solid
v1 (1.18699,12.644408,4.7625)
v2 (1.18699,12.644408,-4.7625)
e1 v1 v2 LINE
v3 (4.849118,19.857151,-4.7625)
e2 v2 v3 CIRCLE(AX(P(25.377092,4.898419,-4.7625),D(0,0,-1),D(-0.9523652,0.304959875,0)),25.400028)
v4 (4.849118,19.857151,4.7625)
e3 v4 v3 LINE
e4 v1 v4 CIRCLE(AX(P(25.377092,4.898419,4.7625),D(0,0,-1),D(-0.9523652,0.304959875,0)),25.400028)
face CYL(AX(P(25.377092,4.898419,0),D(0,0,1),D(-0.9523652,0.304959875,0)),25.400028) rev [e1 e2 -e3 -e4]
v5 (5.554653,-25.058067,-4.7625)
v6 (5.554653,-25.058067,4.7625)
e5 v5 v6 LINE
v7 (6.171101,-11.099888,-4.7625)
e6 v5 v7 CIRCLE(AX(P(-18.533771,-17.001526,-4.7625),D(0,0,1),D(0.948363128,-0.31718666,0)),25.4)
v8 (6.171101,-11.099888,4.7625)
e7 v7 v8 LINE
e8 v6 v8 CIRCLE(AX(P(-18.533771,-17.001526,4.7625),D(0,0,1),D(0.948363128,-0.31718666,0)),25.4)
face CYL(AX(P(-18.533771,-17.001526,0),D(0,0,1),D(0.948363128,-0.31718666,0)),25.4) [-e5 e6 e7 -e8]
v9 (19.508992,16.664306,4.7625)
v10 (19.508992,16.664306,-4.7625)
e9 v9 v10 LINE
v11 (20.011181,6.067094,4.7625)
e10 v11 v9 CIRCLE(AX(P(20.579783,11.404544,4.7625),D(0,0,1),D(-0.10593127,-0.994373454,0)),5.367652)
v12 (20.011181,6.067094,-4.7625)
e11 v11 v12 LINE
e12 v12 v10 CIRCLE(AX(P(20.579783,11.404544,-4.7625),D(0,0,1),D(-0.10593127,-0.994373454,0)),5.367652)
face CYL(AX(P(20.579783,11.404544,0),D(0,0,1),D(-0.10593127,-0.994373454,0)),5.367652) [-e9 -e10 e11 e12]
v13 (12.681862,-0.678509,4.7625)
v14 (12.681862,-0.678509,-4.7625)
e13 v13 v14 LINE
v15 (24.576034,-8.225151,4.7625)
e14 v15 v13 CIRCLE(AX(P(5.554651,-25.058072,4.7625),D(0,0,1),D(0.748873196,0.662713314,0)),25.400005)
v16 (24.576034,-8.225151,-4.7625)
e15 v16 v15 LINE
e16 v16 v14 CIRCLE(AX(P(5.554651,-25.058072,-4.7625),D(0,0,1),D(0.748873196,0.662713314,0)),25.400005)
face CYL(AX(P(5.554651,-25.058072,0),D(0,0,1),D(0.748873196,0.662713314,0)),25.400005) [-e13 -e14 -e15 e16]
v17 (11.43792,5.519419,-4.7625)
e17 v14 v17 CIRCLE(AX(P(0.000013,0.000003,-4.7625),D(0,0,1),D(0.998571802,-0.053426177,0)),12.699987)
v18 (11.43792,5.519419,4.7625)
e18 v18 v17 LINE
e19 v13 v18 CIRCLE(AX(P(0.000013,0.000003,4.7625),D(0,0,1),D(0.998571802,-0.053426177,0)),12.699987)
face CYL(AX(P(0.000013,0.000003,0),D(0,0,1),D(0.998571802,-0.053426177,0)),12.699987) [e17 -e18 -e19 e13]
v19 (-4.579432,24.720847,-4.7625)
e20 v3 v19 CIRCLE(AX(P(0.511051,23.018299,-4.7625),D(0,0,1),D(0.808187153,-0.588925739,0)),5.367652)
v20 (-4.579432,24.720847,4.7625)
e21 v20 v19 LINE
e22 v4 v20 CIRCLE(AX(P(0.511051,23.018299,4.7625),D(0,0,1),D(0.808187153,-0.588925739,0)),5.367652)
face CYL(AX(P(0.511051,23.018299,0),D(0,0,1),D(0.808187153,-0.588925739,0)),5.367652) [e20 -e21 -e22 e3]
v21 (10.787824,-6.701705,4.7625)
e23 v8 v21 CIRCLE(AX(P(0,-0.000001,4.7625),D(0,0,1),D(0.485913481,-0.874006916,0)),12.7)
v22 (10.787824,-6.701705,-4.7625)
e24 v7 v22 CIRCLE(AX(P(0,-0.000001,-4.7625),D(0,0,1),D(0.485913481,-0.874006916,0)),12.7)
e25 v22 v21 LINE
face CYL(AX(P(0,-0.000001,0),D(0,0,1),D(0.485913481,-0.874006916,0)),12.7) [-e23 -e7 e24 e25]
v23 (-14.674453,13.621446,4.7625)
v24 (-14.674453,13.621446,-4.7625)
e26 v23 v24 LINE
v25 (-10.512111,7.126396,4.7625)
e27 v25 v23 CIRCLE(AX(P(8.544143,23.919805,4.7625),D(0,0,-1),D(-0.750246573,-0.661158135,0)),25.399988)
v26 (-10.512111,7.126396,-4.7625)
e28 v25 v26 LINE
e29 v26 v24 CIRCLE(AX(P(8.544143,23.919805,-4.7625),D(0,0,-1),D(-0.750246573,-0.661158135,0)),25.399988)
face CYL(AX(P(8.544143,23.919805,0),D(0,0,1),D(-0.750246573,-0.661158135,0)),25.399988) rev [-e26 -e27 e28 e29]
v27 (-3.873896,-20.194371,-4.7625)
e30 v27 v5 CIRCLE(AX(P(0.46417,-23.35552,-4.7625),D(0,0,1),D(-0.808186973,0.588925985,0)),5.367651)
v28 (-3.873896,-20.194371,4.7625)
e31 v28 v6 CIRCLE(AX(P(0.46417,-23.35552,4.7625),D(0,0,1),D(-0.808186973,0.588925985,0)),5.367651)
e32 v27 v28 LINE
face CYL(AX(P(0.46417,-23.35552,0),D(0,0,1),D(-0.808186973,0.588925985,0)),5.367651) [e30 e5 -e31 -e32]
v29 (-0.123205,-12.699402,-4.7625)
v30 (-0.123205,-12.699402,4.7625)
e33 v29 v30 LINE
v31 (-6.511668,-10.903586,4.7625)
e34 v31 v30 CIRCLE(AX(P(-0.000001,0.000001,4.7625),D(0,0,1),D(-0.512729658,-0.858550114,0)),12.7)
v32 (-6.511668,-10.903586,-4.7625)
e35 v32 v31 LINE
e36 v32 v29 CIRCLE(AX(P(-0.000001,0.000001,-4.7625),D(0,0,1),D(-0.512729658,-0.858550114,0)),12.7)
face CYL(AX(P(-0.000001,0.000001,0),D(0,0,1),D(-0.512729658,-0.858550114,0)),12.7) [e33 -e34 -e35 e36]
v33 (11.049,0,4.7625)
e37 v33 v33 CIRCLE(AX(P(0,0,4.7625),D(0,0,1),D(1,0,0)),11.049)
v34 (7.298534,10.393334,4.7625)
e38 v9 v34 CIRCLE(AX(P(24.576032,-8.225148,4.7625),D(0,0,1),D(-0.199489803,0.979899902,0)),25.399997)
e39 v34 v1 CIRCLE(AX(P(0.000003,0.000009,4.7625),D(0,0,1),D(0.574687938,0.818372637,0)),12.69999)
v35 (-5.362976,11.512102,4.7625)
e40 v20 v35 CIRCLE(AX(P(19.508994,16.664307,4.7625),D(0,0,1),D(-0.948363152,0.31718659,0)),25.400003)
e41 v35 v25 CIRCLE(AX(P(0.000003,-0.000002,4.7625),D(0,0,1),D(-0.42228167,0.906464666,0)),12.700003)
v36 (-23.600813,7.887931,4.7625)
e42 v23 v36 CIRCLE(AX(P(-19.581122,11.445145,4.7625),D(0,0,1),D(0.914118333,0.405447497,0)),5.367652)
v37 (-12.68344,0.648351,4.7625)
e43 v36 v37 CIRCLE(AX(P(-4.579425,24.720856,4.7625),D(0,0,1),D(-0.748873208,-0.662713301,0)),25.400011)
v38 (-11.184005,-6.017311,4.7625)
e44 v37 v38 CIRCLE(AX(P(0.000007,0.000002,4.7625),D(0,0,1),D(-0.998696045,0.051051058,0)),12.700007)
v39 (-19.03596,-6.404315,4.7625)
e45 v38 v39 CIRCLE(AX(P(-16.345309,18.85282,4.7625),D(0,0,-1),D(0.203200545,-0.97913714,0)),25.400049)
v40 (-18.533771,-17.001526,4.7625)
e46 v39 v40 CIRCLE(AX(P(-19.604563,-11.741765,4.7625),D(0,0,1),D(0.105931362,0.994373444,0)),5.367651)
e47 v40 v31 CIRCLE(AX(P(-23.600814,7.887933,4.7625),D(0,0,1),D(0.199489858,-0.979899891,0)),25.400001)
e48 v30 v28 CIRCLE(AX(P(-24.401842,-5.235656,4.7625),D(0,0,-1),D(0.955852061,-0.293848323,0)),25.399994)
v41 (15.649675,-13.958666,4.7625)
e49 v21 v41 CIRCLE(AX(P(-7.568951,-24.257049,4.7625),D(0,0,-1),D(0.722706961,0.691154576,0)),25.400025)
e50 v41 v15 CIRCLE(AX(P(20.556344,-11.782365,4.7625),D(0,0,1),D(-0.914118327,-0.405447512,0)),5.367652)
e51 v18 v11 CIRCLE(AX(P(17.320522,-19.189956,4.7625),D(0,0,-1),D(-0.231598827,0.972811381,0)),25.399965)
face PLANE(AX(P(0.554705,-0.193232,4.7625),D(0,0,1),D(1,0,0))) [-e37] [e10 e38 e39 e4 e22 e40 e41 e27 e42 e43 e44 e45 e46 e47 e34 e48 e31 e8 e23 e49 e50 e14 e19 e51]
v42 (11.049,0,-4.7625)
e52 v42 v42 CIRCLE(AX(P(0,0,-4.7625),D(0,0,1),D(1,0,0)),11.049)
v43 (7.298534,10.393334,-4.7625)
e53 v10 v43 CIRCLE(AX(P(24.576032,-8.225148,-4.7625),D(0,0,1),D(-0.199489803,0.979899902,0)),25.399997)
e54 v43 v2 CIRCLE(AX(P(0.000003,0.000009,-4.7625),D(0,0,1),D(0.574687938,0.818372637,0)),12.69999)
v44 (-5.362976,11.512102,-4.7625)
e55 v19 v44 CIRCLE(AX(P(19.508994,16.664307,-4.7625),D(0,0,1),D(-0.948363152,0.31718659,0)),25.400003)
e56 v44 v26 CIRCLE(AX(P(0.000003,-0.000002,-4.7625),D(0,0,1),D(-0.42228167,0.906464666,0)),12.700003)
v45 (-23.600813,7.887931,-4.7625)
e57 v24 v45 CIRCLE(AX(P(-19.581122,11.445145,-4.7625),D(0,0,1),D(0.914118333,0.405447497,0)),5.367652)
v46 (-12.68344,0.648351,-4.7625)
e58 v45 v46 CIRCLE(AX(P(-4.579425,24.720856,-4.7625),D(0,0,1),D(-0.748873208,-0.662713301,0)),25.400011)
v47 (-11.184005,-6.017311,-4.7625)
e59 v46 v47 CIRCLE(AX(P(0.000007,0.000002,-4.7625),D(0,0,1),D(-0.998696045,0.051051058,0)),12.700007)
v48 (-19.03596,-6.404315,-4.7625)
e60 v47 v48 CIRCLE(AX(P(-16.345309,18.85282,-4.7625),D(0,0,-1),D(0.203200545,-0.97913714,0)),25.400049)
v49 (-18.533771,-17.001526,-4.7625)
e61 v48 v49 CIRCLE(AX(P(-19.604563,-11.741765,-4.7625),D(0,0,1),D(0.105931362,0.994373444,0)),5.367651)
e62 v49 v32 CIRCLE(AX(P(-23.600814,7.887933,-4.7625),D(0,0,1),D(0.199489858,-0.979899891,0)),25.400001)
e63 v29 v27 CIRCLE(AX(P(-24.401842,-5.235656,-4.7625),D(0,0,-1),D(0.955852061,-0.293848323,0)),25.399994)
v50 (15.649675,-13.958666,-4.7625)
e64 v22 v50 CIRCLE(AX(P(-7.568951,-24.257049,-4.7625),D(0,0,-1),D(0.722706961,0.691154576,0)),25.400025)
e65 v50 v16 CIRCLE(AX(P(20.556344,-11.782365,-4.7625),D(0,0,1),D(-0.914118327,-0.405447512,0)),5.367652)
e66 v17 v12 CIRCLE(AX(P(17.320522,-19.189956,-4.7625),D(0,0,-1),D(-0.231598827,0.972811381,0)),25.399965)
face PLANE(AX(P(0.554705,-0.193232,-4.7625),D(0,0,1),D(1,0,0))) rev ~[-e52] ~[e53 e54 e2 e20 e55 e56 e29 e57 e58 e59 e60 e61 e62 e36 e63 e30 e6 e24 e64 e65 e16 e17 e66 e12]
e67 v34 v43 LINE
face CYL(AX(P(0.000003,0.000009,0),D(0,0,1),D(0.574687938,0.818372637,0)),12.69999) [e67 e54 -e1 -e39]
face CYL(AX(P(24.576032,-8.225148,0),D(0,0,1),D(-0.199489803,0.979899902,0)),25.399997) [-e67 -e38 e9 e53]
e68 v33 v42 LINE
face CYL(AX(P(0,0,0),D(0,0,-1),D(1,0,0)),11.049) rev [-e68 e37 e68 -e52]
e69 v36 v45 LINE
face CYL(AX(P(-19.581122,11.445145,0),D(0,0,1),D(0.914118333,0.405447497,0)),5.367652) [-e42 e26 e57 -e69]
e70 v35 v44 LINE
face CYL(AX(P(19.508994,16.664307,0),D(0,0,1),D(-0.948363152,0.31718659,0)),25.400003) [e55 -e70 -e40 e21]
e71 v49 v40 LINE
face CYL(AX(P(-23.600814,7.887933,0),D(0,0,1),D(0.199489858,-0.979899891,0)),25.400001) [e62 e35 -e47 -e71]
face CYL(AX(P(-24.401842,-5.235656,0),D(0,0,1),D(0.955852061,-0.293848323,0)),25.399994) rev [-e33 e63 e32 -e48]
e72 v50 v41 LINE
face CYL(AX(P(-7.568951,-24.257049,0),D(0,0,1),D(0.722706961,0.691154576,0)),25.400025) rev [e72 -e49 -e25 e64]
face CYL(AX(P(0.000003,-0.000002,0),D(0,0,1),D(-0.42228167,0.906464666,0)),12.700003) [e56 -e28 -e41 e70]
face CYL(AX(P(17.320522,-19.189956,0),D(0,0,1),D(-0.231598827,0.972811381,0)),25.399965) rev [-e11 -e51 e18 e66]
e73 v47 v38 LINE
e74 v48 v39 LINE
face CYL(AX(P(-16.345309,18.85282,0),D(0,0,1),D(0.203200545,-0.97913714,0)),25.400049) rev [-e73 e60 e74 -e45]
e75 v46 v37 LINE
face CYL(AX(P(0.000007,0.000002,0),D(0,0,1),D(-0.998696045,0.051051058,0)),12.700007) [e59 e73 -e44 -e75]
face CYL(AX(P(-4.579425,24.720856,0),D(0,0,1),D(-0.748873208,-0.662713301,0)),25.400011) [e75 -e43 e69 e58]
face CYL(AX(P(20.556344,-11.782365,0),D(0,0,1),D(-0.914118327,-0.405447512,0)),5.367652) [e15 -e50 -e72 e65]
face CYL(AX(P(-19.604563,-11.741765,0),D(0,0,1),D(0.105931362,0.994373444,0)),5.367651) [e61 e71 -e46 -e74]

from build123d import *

# Parameters (mm, degrees)
F0_R     = 11.049
F1_DEPTH = 4.7625


with BuildPart() as f1:
    # F0 (on Top) → F1 (new body, symmetric)
    with BuildSketch(Plane.XY):
        with BuildLine():
            ThreePointArc((-23.600813, 7.887931), (-18.616866, 3.552228), (-12.68344, 0.648351))
            ThreePointArc((-12.68344, 0.648351), (-12.390379, -2.787204), (-11.184005, -6.017311))
            ThreePointArc((-11.184005, -6.017311), (-15.094919, -6.516433), (-19.03596, -6.404315))
            ThreePointArc((-19.03596, -6.404315), (-24.966197, -11.995847), (-18.533771, -17.001526))
            ThreePointArc((-18.533771, -17.001526), (-12.110801, -14.764654), (-6.511668, -10.903586))
            ThreePointArc((-6.511668, -10.903586), (-3.436804, -12.226135), (-0.123205, -12.699402))
            ThreePointArc((-0.123205, -12.699402), (-1.687285, -16.602653), (-3.873896, -20.194371))
            ThreePointArc((-3.873896, -20.194371), (-1.996606, -28.125873), (5.554653, -25.058067))
            ThreePointArc((5.554653, -25.058067), (6.841495, -18.122197), (6.171101, -11.099888))
            ThreePointArc((6.171101, -11.099888), (8.759982, -9.195255), (10.787824, -6.701705))
            ThreePointArc((10.787824, -6.701705), (13.533048, -10.119619), (15.649675, -13.958666))
            ThreePointArc((15.649675, -13.958666), (23.457202, -16.298636), (24.576034, -8.225151))
            ThreePointArc((24.576034, -8.225151), (19.16256, -3.61081), (12.681862, -0.678509))
            ThreePointArc((12.681862, -0.678509), (12.451689, 2.49909), (11.43792, 5.519419))
            ThreePointArc((11.43792, 5.519419), (15.701229, 6.15834), (20.011181, 6.067094))
            ThreePointArc((20.011181, 6.067094), (25.941418, 11.658626), (19.508992, 16.664306))
            ThreePointArc((19.508992, 16.664306), (12.972116, 14.369297), (7.298534, 10.393334))
            ThreePointArc((7.298534, 10.393334), (4.389518, 11.917304), (1.18699, 12.644408))
            ThreePointArc((1.18699, 12.644408), (2.729079, 16.397501), (4.849118, 19.857151))
            ThreePointArc((4.849118, 19.857151), (2.971827, 27.788652), (-4.579432, 24.720847))
            ThreePointArc((-4.579432, 24.720847), (-5.846436, 18.168393), (-5.362976, 11.512102))
            ThreePointArc((-5.362976, 11.512102), (-8.234877, 9.66834), (-10.512111, 7.126396))
            ThreePointArc((-10.512111, 7.126396), (-12.8413, 10.21498), (-14.674453, 13.621446))
            ThreePointArc((-14.674453, 13.621446), (-22.481981, 15.961416), (-23.600813, 7.887931))
        make_face()
        Circle(F0_R, mode=Mode.SUBTRACT)
    extrude(amount=F1_DEPTH, both=True)


solid = f1.part
